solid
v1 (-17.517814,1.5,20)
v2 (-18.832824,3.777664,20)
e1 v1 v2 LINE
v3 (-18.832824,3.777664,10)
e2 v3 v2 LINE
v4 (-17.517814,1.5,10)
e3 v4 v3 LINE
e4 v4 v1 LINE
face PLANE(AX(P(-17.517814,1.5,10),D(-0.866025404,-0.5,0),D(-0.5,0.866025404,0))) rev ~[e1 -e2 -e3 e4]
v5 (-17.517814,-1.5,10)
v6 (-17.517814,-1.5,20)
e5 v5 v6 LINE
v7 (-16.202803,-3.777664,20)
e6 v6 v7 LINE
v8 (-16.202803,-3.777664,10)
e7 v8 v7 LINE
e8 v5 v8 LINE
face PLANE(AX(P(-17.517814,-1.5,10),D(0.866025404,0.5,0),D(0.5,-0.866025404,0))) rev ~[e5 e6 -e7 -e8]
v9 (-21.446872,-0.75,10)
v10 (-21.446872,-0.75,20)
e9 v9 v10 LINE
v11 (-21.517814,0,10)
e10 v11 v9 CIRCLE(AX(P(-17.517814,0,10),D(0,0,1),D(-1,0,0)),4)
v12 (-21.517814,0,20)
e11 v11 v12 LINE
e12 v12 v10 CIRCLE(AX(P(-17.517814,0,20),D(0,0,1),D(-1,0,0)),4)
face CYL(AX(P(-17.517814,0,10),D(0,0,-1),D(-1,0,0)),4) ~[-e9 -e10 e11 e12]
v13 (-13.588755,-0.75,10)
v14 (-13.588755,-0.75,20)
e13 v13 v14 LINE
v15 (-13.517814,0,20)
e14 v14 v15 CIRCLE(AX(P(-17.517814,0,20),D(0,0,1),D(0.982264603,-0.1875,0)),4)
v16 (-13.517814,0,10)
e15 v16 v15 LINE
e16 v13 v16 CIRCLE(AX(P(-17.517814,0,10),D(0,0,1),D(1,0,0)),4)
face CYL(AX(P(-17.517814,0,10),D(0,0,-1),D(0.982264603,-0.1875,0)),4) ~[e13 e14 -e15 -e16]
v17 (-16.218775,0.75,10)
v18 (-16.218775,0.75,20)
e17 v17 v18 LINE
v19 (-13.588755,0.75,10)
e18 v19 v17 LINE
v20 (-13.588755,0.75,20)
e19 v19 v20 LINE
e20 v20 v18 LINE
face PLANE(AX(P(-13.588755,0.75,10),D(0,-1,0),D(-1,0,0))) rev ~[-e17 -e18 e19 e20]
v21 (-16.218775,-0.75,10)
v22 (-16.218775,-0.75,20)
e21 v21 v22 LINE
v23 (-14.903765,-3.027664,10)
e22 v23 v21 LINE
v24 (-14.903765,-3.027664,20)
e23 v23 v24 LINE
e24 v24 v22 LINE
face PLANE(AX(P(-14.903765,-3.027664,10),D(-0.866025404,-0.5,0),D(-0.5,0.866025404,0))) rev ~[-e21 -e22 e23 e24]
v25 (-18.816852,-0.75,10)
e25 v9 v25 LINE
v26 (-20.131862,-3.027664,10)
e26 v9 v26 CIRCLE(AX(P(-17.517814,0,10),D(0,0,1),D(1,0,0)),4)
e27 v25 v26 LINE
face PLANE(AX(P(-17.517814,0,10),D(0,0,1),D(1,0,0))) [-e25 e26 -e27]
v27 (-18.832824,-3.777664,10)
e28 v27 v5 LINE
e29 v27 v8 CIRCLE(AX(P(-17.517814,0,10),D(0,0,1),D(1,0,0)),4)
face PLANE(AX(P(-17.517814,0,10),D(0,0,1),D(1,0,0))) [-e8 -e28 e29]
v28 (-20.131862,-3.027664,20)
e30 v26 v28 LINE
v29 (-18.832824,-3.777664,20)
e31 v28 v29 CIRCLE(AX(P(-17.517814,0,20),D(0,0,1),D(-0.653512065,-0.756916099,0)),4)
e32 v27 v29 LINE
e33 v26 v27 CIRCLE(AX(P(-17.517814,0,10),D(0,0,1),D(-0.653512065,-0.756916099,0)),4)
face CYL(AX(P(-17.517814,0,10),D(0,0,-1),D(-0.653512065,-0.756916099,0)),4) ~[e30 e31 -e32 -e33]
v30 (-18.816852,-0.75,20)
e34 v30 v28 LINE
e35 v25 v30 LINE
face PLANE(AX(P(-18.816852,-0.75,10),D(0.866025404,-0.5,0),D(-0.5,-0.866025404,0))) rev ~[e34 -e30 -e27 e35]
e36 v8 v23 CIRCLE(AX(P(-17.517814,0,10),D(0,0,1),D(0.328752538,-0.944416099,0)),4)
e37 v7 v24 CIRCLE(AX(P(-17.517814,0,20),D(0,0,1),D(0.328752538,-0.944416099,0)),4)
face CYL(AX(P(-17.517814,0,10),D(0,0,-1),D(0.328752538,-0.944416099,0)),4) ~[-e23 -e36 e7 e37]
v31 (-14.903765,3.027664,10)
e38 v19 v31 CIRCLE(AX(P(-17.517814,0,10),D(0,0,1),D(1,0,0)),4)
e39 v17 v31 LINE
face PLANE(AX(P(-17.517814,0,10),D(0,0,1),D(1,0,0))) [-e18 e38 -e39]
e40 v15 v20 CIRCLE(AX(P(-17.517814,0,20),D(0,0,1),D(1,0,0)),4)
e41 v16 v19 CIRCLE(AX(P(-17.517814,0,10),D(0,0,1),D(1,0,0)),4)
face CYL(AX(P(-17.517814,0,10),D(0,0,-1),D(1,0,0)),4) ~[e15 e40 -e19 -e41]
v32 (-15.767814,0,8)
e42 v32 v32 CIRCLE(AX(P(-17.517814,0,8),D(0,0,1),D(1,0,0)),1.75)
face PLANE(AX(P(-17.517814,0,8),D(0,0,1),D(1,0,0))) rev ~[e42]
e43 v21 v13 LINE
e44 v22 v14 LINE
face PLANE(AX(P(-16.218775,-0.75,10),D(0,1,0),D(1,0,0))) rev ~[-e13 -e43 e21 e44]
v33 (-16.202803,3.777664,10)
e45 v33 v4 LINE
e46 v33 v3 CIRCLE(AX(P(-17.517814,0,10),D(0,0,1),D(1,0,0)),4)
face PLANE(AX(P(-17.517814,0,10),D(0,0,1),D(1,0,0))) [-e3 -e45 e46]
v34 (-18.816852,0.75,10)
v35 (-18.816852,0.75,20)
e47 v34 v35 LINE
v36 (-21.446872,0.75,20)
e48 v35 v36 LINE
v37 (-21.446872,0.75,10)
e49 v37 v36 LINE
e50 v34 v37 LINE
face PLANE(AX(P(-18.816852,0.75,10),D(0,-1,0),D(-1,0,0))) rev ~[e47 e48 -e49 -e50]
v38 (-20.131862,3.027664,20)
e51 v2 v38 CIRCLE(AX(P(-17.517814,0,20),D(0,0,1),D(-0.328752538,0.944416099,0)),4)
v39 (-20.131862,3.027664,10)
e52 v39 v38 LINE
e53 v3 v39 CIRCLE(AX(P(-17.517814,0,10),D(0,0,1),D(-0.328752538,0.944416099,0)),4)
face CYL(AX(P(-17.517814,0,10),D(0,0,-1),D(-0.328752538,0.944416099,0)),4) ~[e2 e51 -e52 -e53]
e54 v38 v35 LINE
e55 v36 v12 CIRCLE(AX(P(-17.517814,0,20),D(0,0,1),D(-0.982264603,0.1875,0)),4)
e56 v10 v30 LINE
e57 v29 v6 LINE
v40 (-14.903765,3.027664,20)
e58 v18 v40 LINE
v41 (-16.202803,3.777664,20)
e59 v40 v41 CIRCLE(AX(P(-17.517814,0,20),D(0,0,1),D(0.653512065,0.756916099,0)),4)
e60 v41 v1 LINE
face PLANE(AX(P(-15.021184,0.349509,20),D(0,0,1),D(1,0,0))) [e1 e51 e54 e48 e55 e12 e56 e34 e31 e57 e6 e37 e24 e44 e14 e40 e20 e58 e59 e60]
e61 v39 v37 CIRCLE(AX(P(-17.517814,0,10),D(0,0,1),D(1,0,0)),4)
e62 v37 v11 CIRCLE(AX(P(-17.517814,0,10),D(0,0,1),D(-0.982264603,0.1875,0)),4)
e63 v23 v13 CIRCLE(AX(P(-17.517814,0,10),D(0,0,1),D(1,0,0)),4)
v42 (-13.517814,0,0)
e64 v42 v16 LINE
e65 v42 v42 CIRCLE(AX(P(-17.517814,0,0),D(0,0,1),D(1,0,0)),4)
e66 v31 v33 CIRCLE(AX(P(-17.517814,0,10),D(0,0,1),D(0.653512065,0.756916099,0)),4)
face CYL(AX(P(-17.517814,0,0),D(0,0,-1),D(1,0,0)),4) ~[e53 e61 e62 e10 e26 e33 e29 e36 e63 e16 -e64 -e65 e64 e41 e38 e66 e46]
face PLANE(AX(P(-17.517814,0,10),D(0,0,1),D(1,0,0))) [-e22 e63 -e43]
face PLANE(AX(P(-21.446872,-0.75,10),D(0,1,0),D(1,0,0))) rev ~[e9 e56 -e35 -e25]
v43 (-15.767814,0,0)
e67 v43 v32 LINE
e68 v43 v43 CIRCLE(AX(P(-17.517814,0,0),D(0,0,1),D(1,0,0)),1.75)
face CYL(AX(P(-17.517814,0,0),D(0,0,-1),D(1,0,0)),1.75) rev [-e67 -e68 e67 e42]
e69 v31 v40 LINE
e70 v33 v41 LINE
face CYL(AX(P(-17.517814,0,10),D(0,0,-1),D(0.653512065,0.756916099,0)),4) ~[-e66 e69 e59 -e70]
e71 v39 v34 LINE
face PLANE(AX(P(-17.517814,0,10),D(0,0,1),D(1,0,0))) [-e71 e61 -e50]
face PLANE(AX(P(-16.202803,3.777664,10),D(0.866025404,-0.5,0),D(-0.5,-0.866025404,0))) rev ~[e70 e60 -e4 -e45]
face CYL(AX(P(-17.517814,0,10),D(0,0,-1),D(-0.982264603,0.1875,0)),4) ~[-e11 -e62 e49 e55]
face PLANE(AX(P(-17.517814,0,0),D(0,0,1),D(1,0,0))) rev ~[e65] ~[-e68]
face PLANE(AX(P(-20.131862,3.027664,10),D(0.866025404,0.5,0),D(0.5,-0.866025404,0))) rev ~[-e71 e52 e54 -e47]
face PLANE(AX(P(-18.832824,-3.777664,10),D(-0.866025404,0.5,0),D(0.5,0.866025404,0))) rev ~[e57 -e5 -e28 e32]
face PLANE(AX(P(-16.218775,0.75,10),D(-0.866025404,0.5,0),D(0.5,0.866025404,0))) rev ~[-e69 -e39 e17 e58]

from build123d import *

# Parameters (mm, degrees)
F0_R     = 4
F0_R_2   = 1.75
F1_DEPTH = 10
F3_DEPTH = 8
F4_DEPTH = 10


with BuildPart() as f1:
    # F0 (on Top) → F1 (new body)
    with BuildSketch(Plane.XY):
        with Locations((-17.5178135131, 0)):
            Circle(F0_R)
        with Locations((-17.5178135131, 0)):
            Circle(F0_R_2, mode=Mode.SUBTRACT)
        with Locations((-17.5178135131, 0)):
            Circle(F0_R_2)
    extrude(amount=F1_DEPTH)

    # F0 (on Top) → F3 (cut)
    with BuildSketch(Plane.XY):
        with Locations((-17.5178135131, 0)):
            Circle(F0_R_2)
    extrude(amount=F3_DEPTH, mode=Mode.SUBTRACT)

    # F2 (on face) → F4 (join)
    with BuildSketch(Plane.XY.offset(10)):
        with BuildLine():
            Line((-16.6517881093, 0), (-13.5178135131, 0))
            ThreePointArc((-13.5178135131, 0), (-13.5355884036, 0.376673834), (-13.5887551017, 0.75))
            Line((-13.5887551017, 0.75), (-16.2187754074, 0.75))
            Line((-16.2187754074, 0.75), (-16.6517881093, 0))
        make_face()
        Polygon((-18.3838389169, 0), (-16.6517881093, 0), (-17.0848008112, 0.75), (-17.950826215, 0.75), align=None)
        with BuildLine():
            Line((-21.5178135131, 0), (-18.3838389169, 0))
            Line((-18.3838389169, 0), (-18.8168516188, 0.75))
            Line((-18.8168516188, 0.75), (-21.4468719245, 0.75))
            ThreePointArc((-21.4468719245, 0.75), (-21.5000386226, 0.376673834), (-21.5178135131, 0))
        make_face()
        with BuildLine():
            ThreePointArc((-13.5887551017, -0.75), (-13.5355884036, -0.376673834), (-13.5178135131, 0))
            Line((-13.5178135131, 0), (-16.6517881093, 0))
            Line((-16.6517881093, 0), (-16.2187754074, -0.75))
            Line((-16.2187754074, -0.75), (-13.5887551017, -0.75))
        make_face()
        Polygon((-17.0848008112, -0.75), (-16.6517881093, 0), (-18.3838389169, 0), (-17.950826215, -0.75), align=None)
        with BuildLine():
            Line((-18.8168516188, -0.75), (-18.3838389169, 0))
            Line((-18.3838389169, 0), (-21.5178135131, 0))
            ThreePointArc((-21.5178135131, 0), (-21.5000386226, -0.376673834), (-21.4468719245, -0.75))
            Line((-21.4468719245, -0.75), (-18.8168516188, -0.75))
        make_face()
        Polygon((-18.8168516188, 0.75), (-18.3838389169, 0), (-17.950826215, 0.75), align=None)
        Polygon((-17.0848008112, 0.75), (-16.6517881093, 0), (-16.2187754074, 0.75), align=None)
        Polygon((-16.2187754074, -0.75), (-16.6517881093, 0), (-17.0848008112, -0.75), align=None)
        Polygon((-17.950826215, -0.75), (-18.3838389169, 0), (-18.8168516188, -0.75), align=None)
        Polygon((-17.5178135131, -1.5), (-17.0848008112, -0.75), (-17.950826215, -0.75), align=None)
        with BuildLine():
            Line((-14.9037652546, -3.0276643972), (-16.2187754074, -0.75))
            Line((-16.2187754074, -0.75), (-17.0848008112, -0.75))
            Line((-17.0848008112, -0.75), (-17.5178135131, -1.5))
            Line((-17.5178135131, -1.5), (-16.2028033603, -3.7776643972))
            ThreePointArc((-16.2028033603, -3.7776643972), (-15.5178135131, -3.4641016151), (-14.9037652546, -3.0276643972))
        make_face()
        with BuildLine():
            Line((-17.5178135131, -1.5), (-17.950826215, -0.75))
            Line((-17.950826215, -0.75), (-18.8168516188, -0.75))
            Line((-18.8168516188, -0.75), (-20.1318617716, -3.0276643972))
            ThreePointArc((-20.1318617716, -3.0276643972), (-19.5178135131, -3.4641016151), (-18.832823666, -3.7776643972))
            Line((-18.832823666, -3.7776643972), (-17.5178135131, -1.5))
        make_face()
        Polygon((-17.950826215, 0.75), (-17.0848008112, 0.75), (-17.5178135131, 1.5), align=None)
        with BuildLine():
            Line((-20.1318617716, 3.0276643972), (-18.8168516188, 0.75))
            Line((-18.8168516188, 0.75), (-17.950826215, 0.75))
            Line((-17.950826215, 0.75), (-17.5178135131, 1.5))
            Line((-17.5178135131, 1.5), (-18.832823666, 3.7776643972))
            ThreePointArc((-18.832823666, 3.7776643972), (-19.5178135131, 3.4641016151), (-20.1318617716, 3.0276643972))
        make_face()
        with BuildLine():
            Line((-17.5178135131, 1.5), (-17.0848008112, 0.75))
            Line((-17.0848008112, 0.75), (-16.2187754074, 0.75))
            Line((-16.2187754074, 0.75), (-14.9037652546, 3.0276643972))
            ThreePointArc((-14.9037652546, 3.0276643972), (-15.5178135131, 3.4641016151), (-16.2028033603, 3.7776643972))
            Line((-16.2028033603, 3.7776643972), (-17.5178135131, 1.5))
        make_face()
    extrude(amount=F4_DEPTH)


solid = f1.part
